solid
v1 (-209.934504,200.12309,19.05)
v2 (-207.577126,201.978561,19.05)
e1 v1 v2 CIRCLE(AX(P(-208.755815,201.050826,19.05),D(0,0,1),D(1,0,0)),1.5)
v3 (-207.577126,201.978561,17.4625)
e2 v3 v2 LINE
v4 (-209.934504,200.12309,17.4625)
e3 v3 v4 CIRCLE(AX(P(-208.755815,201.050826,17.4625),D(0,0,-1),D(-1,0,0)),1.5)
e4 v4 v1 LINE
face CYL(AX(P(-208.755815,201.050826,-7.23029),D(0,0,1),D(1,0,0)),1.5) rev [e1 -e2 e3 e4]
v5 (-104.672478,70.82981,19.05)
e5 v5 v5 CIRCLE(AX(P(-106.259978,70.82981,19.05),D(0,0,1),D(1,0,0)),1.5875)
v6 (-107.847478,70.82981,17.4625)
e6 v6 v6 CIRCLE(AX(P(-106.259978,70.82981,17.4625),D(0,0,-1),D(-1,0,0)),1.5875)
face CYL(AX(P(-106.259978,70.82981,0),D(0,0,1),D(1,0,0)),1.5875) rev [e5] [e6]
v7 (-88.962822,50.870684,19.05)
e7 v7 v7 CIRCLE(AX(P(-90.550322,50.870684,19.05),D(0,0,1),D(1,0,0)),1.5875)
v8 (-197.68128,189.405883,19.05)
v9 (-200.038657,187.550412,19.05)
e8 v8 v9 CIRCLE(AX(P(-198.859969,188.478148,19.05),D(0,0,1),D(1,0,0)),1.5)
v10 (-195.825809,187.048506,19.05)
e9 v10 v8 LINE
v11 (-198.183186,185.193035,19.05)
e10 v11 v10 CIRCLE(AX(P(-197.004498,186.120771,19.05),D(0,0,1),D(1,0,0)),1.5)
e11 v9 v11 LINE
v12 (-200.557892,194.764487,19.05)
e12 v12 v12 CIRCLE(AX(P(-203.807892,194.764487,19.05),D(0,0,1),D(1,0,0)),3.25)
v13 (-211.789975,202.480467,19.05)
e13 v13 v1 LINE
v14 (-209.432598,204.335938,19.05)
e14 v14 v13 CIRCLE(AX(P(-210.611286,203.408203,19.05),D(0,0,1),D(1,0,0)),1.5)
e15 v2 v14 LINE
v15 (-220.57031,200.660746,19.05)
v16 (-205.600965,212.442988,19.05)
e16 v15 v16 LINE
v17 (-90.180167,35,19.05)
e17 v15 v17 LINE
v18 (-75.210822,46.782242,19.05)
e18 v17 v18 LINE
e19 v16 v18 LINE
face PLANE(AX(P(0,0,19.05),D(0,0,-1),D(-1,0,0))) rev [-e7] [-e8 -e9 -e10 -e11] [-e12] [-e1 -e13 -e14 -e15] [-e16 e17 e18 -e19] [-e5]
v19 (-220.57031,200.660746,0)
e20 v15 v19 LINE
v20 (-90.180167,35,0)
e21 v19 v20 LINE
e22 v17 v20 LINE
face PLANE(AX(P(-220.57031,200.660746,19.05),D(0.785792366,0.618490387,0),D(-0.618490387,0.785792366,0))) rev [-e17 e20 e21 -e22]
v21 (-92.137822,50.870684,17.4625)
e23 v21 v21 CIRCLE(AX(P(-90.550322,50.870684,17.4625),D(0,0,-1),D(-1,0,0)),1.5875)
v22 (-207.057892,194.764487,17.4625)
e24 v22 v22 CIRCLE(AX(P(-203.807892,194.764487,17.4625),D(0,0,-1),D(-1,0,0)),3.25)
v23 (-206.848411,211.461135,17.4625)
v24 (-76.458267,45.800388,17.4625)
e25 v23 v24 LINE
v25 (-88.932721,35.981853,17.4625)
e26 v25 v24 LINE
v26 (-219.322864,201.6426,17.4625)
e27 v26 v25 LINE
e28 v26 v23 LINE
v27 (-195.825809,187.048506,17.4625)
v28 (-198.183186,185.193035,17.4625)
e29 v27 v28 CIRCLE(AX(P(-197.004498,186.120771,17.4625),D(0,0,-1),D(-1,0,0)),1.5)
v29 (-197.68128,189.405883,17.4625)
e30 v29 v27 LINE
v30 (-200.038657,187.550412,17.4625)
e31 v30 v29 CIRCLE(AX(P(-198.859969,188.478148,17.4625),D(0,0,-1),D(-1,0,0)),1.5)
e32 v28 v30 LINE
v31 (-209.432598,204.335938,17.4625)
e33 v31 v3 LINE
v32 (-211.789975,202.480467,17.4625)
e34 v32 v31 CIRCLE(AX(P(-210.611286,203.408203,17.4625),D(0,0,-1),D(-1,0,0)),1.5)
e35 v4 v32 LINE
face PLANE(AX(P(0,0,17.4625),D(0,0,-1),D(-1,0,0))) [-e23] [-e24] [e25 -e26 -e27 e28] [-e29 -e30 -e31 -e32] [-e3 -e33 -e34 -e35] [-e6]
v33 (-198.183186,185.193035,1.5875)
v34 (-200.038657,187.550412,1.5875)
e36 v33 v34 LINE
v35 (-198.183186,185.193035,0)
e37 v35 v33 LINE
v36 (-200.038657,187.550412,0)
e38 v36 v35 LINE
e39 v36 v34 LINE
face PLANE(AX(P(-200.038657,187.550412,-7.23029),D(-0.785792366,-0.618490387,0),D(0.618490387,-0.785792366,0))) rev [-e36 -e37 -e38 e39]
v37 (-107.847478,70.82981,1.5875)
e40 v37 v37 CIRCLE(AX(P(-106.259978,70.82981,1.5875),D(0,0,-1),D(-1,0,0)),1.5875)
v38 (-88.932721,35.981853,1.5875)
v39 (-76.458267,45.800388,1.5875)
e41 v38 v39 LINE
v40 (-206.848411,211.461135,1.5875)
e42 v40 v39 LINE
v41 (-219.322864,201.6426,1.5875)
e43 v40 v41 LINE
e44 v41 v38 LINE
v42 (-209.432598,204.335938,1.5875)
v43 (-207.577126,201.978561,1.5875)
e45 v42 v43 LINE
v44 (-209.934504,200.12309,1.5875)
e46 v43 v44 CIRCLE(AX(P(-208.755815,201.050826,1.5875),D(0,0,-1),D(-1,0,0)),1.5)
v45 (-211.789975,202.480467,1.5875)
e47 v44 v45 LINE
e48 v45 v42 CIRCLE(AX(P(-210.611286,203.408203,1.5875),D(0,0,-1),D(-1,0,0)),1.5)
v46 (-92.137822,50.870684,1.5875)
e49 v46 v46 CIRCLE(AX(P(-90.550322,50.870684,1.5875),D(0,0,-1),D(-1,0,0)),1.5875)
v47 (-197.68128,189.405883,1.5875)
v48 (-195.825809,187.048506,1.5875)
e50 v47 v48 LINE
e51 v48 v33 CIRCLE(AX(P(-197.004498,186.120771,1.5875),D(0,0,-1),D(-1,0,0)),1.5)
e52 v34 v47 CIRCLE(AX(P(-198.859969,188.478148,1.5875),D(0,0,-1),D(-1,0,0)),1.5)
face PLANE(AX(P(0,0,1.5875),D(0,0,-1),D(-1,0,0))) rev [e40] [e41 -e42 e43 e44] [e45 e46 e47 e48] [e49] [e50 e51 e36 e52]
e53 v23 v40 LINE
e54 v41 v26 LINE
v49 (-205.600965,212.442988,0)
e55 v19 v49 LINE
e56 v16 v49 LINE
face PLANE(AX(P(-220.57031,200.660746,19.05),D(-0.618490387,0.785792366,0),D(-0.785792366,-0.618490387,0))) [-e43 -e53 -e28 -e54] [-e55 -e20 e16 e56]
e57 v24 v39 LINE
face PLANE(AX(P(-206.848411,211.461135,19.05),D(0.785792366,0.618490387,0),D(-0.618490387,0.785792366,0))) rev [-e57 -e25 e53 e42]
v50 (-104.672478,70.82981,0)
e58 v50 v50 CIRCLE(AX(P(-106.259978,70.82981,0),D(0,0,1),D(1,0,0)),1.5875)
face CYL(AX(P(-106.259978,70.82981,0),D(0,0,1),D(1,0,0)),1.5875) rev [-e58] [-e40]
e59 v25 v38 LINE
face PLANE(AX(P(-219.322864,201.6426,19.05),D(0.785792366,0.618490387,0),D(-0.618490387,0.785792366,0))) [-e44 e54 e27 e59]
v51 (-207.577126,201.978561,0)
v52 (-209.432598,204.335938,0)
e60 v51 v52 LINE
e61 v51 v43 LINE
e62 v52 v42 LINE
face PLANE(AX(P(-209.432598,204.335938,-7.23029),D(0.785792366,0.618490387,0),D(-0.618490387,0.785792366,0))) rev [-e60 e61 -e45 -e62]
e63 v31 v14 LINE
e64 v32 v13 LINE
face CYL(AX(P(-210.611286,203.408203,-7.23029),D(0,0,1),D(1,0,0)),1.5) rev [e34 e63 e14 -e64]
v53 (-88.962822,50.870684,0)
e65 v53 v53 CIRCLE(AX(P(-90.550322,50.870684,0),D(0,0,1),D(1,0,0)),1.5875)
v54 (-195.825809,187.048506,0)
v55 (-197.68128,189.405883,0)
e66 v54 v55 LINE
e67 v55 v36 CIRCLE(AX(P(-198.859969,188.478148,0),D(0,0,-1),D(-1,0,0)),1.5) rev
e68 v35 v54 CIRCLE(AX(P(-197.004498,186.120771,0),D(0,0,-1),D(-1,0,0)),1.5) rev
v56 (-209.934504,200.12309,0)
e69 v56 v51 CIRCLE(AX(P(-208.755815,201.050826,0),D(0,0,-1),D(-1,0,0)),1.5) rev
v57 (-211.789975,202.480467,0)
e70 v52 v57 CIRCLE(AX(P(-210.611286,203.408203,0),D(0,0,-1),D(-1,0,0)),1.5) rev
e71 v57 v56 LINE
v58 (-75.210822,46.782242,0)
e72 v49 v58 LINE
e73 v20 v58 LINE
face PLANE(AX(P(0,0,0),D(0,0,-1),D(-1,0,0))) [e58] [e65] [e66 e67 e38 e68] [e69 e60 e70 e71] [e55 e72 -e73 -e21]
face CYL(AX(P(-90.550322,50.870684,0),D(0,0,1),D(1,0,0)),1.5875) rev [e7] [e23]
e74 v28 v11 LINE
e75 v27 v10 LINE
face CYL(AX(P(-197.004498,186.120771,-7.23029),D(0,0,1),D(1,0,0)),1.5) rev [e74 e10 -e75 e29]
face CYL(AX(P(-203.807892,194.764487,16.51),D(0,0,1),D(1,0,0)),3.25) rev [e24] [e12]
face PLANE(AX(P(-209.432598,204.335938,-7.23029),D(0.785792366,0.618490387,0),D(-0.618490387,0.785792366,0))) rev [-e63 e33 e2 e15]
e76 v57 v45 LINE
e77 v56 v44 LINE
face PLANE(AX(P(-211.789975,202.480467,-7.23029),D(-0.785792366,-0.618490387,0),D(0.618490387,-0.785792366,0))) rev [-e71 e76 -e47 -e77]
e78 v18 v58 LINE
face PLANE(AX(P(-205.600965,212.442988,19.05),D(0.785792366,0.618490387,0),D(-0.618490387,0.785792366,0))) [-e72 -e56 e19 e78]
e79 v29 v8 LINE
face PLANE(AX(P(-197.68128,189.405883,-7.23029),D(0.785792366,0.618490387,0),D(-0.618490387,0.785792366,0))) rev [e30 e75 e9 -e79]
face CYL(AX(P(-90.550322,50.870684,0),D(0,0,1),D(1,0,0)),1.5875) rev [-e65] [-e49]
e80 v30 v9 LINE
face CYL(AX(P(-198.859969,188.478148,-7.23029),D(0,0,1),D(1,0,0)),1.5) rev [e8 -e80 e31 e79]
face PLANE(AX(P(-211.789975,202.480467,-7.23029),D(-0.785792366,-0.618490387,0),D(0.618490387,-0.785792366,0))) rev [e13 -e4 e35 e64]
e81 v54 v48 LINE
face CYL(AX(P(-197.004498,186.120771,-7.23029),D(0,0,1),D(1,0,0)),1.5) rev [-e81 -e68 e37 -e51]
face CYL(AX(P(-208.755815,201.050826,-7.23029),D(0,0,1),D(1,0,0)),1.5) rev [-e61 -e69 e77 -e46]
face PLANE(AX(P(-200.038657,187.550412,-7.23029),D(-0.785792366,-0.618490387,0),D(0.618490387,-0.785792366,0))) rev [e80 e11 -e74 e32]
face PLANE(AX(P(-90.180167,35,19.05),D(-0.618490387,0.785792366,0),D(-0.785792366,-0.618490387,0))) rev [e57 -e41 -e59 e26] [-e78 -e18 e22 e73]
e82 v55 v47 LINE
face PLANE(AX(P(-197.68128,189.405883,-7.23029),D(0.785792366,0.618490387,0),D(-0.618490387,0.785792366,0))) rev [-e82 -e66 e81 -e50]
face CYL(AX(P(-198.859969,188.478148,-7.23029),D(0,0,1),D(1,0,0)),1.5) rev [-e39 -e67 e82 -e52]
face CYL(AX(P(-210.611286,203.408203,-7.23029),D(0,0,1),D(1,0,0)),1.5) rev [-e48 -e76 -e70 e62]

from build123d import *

# Parameters (mm, degrees)
BOSS_EXTRUDE1_DEPTH = 19.05
SHELL1_T            = -1.5875
SKETCH2_W           = 15.875
SKETCH2_H           = 15.875
CUT_EXTRUDE1_DEPTH  = 221.078395706
SKETCH3_R           = 3.25
CUT_EXTRUDE2_DEPTH  = 2.54
SKETCH7_R           = 1.5875
CUT_EXTRUDE3_DEPTH  = 20.05
CUT_EXTRUDE4_DEPTH  = 19.05


with BuildPart() as part:
    # Sketch1 → Boss-Extrude1 (new body)
    with BuildSketch(Plane.XY):
        Polygon((-220.570309856, 200.660746496), (-205.600965293, 212.442988361), (-75.21082199, 46.782241865), (-90.180166553, 35), align=None)
    extrude(amount=BOSS_EXTRUDE1_DEPTH)

    # Shell1
    shell1_openings = [part.faces().sort_by_distance(p)[0] for p in [
        (-82.695494272, 40.891120932, 9.525),
    ]]
    offset(amount=SHELL1_T, openings=shell1_openings, kind=Kind.INTERSECTION)

    # Sketch2 → Cut-Extrude1 (cut, through all)
    with BuildSketch(Plane(origin=(-181.896970564, 231.100197958, 0), x_dir=(0.785792366, 0.618490387, 0), z_dir=(-0.618490387, 0.785792366, 0))):
        with Locations((-39.690722867, -9.525)):
            Rectangle(SKETCH2_W, SKETCH2_H)
    extrude(amount=-CUT_EXTRUDE1_DEPTH, mode=Mode.SUBTRACT)

    # Sketch3 → Cut-Extrude2 (cut)
    with BuildSketch(Plane.XY.offset(19.05)):
        with Locations((-203.807891879, 194.764486582)):
            Circle(SKETCH3_R)
    extrude(amount=-CUT_EXTRUDE2_DEPTH, mode=Mode.SUBTRACT)

    # Sketch7 → Cut-Extrude3 (cut, through all)
    with BuildSketch(Plane.XY.offset(19.05)):
        with Locations((-106.259978001, 70.829810058)):
            Circle(SKETCH7_R)
        with Locations((-90.550322182, 50.870683974)):
            Circle(SKETCH7_R)
    extrude(amount=-CUT_EXTRUDE3_DEPTH, mode=Mode.SUBTRACT)

    # Sketch9 → Cut-Extrude4 (cut)
    with BuildSketch(Plane.XY.offset(19.05)):
        with BuildLine():
            Line((-197.681280238, 189.405883238), (-195.825809078, 187.048506142))
            ThreePointArc((-195.825809078, 187.048506142), (-196.076762046, 184.942082013), (-198.183186175, 185.193034982))
            Line((-198.183186175, 185.193034982), (-200.038657334, 187.550412078))
            ThreePointArc((-200.038657334, 187.550412078), (-199.787704366, 189.656836206), (-197.681280238, 189.405883238))
        make_face()
        with BuildLine():
            Line((-209.432597583, 204.335938183), (-207.577126423, 201.978561086))
            ThreePointArc((-207.577126423, 201.978561086), (-207.828079392, 199.872136958), (-209.93450352, 200.123089926))
            Line((-209.93450352, 200.123089926), (-211.78997468, 202.480467023))
            ThreePointArc((-211.78997468, 202.480467023), (-211.539021711, 204.586891151), (-209.432597583, 204.335938183))
        make_face()
    extrude(amount=-CUT_EXTRUDE4_DEPTH, mode=Mode.SUBTRACT)


solid = part.part
